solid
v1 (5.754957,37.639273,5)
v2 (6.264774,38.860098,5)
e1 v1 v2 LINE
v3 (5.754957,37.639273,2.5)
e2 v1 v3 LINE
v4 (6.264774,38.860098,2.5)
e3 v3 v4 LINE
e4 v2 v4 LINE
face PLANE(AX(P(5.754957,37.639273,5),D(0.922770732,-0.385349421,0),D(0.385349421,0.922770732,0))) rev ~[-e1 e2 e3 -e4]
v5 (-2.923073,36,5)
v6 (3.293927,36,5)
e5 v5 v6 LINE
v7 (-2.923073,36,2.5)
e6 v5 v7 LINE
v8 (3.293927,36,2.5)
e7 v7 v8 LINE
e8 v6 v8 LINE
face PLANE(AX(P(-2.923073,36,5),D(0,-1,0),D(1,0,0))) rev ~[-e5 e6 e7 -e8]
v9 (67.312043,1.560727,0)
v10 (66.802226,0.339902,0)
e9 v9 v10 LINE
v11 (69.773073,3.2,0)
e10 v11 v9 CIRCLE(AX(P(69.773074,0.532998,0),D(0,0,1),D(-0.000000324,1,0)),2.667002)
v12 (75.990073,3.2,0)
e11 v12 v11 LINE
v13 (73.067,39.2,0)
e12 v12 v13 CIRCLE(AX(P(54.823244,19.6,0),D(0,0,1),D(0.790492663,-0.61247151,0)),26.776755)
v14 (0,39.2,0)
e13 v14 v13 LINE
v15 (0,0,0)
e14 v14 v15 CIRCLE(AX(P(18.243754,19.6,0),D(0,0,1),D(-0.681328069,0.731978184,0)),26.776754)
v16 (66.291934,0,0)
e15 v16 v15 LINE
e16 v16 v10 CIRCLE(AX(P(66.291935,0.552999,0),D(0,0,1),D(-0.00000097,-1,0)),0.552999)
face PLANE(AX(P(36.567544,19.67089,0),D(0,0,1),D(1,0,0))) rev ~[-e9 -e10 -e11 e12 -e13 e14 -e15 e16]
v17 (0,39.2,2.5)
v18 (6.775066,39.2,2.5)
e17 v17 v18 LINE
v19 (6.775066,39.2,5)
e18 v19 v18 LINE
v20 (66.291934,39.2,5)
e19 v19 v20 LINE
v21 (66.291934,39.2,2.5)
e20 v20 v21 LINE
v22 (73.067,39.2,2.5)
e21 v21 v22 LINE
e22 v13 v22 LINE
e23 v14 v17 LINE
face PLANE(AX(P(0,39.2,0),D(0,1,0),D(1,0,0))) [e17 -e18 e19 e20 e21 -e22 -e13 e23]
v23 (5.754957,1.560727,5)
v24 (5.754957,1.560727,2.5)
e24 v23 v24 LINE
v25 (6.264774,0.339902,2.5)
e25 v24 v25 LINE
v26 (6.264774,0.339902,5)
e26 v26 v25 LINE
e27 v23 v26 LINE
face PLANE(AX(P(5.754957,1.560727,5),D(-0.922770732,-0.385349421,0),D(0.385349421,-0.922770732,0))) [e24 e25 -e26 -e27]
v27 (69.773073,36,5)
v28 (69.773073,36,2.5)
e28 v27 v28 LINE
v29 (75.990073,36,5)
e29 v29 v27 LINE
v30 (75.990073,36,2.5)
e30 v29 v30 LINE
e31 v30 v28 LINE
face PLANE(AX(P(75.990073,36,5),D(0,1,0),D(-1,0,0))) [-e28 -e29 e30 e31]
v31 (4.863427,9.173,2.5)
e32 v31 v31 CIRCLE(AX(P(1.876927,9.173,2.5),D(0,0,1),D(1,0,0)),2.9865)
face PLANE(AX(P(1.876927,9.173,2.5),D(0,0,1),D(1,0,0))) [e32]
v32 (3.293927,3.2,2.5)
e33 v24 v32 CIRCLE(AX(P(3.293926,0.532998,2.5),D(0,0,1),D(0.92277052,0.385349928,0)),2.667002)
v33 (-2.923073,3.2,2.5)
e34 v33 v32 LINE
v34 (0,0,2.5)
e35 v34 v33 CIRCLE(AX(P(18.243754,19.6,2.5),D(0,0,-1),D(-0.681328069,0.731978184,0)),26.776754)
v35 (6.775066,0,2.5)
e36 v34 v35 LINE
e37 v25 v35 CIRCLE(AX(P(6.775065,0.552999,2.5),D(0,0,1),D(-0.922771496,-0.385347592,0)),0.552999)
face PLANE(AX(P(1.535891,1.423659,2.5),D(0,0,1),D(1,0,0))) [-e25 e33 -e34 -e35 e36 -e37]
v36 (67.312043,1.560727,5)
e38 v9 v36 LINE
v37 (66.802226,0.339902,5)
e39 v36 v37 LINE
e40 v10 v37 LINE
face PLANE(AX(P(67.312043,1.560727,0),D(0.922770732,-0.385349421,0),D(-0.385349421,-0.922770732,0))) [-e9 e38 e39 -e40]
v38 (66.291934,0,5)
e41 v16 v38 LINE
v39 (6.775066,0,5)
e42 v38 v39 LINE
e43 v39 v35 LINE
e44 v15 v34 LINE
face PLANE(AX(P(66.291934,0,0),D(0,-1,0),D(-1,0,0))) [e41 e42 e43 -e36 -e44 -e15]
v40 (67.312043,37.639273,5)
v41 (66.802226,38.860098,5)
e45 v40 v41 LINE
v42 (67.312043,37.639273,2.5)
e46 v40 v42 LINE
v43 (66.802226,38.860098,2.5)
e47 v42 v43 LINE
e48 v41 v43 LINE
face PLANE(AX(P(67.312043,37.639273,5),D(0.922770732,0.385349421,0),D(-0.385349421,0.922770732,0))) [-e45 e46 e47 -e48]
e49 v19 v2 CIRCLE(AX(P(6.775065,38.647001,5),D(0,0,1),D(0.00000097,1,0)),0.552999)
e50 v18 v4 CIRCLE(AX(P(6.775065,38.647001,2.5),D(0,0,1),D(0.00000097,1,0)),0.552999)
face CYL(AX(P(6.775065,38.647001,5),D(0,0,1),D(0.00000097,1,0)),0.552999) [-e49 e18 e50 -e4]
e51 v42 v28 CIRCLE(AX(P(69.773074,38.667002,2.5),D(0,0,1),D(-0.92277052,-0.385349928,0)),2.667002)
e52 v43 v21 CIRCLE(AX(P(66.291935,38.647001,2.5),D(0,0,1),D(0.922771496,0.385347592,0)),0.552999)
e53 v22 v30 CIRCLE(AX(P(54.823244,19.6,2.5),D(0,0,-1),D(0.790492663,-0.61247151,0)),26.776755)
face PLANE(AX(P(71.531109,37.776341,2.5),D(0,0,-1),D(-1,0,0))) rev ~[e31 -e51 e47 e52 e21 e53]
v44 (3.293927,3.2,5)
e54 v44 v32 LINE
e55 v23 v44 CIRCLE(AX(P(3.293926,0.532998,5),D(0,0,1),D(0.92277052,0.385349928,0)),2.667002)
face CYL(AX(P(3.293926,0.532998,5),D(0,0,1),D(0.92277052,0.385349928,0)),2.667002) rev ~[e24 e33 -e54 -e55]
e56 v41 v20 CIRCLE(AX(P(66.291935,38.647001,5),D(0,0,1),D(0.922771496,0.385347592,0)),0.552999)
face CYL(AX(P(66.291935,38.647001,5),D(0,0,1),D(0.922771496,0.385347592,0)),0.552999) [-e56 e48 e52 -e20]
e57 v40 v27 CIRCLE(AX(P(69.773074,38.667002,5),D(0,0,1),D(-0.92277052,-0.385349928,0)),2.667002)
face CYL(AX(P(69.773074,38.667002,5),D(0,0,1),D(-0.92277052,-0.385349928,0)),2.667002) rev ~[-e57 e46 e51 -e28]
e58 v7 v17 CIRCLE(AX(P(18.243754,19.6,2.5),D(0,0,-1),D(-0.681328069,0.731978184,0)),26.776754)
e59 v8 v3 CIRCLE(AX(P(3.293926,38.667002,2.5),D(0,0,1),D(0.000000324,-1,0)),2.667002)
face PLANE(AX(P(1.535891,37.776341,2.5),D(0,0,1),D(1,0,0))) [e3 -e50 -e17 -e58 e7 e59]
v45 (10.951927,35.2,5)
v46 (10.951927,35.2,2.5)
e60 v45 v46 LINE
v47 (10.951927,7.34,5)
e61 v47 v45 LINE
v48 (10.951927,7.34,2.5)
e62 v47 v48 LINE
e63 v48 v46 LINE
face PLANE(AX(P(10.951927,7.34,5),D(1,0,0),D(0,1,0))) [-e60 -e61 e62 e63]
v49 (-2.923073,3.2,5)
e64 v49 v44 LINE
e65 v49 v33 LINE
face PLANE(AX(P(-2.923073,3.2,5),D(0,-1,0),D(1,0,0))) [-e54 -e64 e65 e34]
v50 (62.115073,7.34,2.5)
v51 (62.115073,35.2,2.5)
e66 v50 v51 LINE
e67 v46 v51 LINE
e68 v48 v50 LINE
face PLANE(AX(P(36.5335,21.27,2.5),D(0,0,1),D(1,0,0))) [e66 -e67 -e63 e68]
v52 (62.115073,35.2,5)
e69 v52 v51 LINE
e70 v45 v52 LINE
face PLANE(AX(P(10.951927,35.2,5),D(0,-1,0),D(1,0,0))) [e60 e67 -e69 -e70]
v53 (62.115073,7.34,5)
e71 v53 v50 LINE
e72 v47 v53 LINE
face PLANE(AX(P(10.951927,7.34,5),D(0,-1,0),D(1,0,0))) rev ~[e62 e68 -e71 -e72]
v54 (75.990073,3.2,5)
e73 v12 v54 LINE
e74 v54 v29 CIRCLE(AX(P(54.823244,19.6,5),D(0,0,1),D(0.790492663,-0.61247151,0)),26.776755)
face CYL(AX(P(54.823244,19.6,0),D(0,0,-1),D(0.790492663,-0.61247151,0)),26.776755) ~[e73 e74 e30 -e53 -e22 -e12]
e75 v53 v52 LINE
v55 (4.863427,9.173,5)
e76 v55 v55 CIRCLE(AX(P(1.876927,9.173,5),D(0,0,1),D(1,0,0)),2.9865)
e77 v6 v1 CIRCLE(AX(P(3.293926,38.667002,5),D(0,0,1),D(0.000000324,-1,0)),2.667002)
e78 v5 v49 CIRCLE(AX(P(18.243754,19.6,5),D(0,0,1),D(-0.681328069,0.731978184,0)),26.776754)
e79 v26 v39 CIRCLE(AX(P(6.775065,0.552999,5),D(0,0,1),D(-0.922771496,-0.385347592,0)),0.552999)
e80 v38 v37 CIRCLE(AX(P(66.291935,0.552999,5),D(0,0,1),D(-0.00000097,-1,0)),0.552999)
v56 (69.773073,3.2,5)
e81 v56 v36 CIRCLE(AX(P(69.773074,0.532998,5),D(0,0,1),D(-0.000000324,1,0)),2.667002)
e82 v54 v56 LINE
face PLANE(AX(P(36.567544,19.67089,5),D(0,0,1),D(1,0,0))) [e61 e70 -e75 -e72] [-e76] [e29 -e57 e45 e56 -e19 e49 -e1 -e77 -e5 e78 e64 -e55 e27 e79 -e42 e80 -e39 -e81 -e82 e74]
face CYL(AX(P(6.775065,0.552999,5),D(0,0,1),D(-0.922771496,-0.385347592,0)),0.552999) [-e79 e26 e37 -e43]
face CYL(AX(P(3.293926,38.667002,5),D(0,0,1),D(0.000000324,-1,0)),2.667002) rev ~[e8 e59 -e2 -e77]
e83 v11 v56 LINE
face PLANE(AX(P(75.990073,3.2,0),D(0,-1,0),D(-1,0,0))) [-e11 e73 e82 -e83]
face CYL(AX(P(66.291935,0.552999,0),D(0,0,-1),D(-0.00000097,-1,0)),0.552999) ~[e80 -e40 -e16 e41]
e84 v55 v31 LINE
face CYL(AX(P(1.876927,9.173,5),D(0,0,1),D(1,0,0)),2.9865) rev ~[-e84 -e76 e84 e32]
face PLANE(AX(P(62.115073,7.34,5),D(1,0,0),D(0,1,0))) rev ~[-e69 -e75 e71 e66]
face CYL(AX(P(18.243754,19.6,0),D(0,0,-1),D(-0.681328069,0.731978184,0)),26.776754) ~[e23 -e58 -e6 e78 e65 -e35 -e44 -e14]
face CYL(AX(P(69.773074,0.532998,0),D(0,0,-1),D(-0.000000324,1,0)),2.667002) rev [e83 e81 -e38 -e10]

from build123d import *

# Parameters (mm, degrees)
PAD_DEPTH       = 5
POCKET_DEPTH    = 2.5
SKETCH002_R     = 2.9865
SKETCH002_W     = 51.163146
SKETCH002_H     = 27.86
POCKET001_DEPTH = 2.5


with BuildPart() as part:
    # Sketch → Pad (new body)
    with BuildSketch(Plane.XY):
        with BuildLine():
            ThreePointArc((0, 39.2), (-8.533, 19.6), (0, 0))
            Line((66.291934, 0), (0, 0))
            ThreePointArc((66.291934, 0), (66.5985, 0.092754), (66.802226, 0.339902))
            Line((67.312043, 1.560727), (66.802226, 0.339902))
            ThreePointArc((69.773073, 3.2), (68.29457, 2.752666), (67.312043, 1.560727))
            Line((75.990073, 3.2), (69.773073, 3.2))
            ThreePointArc((75.990073, 3.2), (81.512166, 21.767046), (73.067, 39.2))
            Line((0, 39.2), (73.067, 39.2))
        make_face()
    extrude(amount=PAD_DEPTH)

    # Sketch001 (on Face10 of Pad) → Pocket (cut)
    with BuildSketch(Plane.XY.offset(5)):
        with BuildLine():
            Line((-2.923073, 36), (3.293927, 36))
            ThreePointArc((3.293927, 36), (4.77243, 36.447334), (5.754957, 37.639273))
            Line((5.754957, 37.639273), (6.264774, 38.860098))
            ThreePointArc((6.775066, 39.2), (6.4685, 39.107246), (6.264774, 38.860098))
            Line((-2.923073, 39.2), (6.775066, 39.2))
            Line((-2.923073, 39.2), (-2.923073, 36))
        make_face()
        with BuildLine():
            Line((75.990073, 36), (69.773073, 36))
            ThreePointArc((67.312043, 37.639273), (68.29457, 36.447334), (69.773073, 36))
            Line((67.312043, 37.639273), (66.802226, 38.860098))
            ThreePointArc((66.802226, 38.860098), (66.5985, 39.107246), (66.291934, 39.2))
            Line((66.291934, 39.2), (75.990073, 39.2))
            Line((75.990073, 39.2), (75.990073, 36))
        make_face()
        with BuildLine():
            Line((-2.923073, 3.2), (-2.923073, 0))
            Line((-2.923073, 0), (6.775066, 0))
            ThreePointArc((6.264774, 0.339902), (6.4685, 0.092754), (6.775066, 0))
            Line((5.754957, 1.560727), (6.264774, 0.339902))
            ThreePointArc((5.754957, 1.560727), (4.77243, 2.752666), (3.293927, 3.2))
            Line((-2.923073, 3.2), (3.293927, 3.2))
        make_face()
    extrude(amount=-POCKET_DEPTH, mode=Mode.SUBTRACT)

    # Sketch002 (on Face6 of Pocket) → Pocket001 (cut)
    with BuildSketch(Plane.XY.offset(5)):
        with Locations((1.876927, 9.173)):
            Circle(SKETCH002_R)
        with Locations((36.5335, 21.27)):
            Rectangle(SKETCH002_W, SKETCH002_H)
    extrude(amount=-POCKET001_DEPTH, mode=Mode.SUBTRACT)


solid = part.part
